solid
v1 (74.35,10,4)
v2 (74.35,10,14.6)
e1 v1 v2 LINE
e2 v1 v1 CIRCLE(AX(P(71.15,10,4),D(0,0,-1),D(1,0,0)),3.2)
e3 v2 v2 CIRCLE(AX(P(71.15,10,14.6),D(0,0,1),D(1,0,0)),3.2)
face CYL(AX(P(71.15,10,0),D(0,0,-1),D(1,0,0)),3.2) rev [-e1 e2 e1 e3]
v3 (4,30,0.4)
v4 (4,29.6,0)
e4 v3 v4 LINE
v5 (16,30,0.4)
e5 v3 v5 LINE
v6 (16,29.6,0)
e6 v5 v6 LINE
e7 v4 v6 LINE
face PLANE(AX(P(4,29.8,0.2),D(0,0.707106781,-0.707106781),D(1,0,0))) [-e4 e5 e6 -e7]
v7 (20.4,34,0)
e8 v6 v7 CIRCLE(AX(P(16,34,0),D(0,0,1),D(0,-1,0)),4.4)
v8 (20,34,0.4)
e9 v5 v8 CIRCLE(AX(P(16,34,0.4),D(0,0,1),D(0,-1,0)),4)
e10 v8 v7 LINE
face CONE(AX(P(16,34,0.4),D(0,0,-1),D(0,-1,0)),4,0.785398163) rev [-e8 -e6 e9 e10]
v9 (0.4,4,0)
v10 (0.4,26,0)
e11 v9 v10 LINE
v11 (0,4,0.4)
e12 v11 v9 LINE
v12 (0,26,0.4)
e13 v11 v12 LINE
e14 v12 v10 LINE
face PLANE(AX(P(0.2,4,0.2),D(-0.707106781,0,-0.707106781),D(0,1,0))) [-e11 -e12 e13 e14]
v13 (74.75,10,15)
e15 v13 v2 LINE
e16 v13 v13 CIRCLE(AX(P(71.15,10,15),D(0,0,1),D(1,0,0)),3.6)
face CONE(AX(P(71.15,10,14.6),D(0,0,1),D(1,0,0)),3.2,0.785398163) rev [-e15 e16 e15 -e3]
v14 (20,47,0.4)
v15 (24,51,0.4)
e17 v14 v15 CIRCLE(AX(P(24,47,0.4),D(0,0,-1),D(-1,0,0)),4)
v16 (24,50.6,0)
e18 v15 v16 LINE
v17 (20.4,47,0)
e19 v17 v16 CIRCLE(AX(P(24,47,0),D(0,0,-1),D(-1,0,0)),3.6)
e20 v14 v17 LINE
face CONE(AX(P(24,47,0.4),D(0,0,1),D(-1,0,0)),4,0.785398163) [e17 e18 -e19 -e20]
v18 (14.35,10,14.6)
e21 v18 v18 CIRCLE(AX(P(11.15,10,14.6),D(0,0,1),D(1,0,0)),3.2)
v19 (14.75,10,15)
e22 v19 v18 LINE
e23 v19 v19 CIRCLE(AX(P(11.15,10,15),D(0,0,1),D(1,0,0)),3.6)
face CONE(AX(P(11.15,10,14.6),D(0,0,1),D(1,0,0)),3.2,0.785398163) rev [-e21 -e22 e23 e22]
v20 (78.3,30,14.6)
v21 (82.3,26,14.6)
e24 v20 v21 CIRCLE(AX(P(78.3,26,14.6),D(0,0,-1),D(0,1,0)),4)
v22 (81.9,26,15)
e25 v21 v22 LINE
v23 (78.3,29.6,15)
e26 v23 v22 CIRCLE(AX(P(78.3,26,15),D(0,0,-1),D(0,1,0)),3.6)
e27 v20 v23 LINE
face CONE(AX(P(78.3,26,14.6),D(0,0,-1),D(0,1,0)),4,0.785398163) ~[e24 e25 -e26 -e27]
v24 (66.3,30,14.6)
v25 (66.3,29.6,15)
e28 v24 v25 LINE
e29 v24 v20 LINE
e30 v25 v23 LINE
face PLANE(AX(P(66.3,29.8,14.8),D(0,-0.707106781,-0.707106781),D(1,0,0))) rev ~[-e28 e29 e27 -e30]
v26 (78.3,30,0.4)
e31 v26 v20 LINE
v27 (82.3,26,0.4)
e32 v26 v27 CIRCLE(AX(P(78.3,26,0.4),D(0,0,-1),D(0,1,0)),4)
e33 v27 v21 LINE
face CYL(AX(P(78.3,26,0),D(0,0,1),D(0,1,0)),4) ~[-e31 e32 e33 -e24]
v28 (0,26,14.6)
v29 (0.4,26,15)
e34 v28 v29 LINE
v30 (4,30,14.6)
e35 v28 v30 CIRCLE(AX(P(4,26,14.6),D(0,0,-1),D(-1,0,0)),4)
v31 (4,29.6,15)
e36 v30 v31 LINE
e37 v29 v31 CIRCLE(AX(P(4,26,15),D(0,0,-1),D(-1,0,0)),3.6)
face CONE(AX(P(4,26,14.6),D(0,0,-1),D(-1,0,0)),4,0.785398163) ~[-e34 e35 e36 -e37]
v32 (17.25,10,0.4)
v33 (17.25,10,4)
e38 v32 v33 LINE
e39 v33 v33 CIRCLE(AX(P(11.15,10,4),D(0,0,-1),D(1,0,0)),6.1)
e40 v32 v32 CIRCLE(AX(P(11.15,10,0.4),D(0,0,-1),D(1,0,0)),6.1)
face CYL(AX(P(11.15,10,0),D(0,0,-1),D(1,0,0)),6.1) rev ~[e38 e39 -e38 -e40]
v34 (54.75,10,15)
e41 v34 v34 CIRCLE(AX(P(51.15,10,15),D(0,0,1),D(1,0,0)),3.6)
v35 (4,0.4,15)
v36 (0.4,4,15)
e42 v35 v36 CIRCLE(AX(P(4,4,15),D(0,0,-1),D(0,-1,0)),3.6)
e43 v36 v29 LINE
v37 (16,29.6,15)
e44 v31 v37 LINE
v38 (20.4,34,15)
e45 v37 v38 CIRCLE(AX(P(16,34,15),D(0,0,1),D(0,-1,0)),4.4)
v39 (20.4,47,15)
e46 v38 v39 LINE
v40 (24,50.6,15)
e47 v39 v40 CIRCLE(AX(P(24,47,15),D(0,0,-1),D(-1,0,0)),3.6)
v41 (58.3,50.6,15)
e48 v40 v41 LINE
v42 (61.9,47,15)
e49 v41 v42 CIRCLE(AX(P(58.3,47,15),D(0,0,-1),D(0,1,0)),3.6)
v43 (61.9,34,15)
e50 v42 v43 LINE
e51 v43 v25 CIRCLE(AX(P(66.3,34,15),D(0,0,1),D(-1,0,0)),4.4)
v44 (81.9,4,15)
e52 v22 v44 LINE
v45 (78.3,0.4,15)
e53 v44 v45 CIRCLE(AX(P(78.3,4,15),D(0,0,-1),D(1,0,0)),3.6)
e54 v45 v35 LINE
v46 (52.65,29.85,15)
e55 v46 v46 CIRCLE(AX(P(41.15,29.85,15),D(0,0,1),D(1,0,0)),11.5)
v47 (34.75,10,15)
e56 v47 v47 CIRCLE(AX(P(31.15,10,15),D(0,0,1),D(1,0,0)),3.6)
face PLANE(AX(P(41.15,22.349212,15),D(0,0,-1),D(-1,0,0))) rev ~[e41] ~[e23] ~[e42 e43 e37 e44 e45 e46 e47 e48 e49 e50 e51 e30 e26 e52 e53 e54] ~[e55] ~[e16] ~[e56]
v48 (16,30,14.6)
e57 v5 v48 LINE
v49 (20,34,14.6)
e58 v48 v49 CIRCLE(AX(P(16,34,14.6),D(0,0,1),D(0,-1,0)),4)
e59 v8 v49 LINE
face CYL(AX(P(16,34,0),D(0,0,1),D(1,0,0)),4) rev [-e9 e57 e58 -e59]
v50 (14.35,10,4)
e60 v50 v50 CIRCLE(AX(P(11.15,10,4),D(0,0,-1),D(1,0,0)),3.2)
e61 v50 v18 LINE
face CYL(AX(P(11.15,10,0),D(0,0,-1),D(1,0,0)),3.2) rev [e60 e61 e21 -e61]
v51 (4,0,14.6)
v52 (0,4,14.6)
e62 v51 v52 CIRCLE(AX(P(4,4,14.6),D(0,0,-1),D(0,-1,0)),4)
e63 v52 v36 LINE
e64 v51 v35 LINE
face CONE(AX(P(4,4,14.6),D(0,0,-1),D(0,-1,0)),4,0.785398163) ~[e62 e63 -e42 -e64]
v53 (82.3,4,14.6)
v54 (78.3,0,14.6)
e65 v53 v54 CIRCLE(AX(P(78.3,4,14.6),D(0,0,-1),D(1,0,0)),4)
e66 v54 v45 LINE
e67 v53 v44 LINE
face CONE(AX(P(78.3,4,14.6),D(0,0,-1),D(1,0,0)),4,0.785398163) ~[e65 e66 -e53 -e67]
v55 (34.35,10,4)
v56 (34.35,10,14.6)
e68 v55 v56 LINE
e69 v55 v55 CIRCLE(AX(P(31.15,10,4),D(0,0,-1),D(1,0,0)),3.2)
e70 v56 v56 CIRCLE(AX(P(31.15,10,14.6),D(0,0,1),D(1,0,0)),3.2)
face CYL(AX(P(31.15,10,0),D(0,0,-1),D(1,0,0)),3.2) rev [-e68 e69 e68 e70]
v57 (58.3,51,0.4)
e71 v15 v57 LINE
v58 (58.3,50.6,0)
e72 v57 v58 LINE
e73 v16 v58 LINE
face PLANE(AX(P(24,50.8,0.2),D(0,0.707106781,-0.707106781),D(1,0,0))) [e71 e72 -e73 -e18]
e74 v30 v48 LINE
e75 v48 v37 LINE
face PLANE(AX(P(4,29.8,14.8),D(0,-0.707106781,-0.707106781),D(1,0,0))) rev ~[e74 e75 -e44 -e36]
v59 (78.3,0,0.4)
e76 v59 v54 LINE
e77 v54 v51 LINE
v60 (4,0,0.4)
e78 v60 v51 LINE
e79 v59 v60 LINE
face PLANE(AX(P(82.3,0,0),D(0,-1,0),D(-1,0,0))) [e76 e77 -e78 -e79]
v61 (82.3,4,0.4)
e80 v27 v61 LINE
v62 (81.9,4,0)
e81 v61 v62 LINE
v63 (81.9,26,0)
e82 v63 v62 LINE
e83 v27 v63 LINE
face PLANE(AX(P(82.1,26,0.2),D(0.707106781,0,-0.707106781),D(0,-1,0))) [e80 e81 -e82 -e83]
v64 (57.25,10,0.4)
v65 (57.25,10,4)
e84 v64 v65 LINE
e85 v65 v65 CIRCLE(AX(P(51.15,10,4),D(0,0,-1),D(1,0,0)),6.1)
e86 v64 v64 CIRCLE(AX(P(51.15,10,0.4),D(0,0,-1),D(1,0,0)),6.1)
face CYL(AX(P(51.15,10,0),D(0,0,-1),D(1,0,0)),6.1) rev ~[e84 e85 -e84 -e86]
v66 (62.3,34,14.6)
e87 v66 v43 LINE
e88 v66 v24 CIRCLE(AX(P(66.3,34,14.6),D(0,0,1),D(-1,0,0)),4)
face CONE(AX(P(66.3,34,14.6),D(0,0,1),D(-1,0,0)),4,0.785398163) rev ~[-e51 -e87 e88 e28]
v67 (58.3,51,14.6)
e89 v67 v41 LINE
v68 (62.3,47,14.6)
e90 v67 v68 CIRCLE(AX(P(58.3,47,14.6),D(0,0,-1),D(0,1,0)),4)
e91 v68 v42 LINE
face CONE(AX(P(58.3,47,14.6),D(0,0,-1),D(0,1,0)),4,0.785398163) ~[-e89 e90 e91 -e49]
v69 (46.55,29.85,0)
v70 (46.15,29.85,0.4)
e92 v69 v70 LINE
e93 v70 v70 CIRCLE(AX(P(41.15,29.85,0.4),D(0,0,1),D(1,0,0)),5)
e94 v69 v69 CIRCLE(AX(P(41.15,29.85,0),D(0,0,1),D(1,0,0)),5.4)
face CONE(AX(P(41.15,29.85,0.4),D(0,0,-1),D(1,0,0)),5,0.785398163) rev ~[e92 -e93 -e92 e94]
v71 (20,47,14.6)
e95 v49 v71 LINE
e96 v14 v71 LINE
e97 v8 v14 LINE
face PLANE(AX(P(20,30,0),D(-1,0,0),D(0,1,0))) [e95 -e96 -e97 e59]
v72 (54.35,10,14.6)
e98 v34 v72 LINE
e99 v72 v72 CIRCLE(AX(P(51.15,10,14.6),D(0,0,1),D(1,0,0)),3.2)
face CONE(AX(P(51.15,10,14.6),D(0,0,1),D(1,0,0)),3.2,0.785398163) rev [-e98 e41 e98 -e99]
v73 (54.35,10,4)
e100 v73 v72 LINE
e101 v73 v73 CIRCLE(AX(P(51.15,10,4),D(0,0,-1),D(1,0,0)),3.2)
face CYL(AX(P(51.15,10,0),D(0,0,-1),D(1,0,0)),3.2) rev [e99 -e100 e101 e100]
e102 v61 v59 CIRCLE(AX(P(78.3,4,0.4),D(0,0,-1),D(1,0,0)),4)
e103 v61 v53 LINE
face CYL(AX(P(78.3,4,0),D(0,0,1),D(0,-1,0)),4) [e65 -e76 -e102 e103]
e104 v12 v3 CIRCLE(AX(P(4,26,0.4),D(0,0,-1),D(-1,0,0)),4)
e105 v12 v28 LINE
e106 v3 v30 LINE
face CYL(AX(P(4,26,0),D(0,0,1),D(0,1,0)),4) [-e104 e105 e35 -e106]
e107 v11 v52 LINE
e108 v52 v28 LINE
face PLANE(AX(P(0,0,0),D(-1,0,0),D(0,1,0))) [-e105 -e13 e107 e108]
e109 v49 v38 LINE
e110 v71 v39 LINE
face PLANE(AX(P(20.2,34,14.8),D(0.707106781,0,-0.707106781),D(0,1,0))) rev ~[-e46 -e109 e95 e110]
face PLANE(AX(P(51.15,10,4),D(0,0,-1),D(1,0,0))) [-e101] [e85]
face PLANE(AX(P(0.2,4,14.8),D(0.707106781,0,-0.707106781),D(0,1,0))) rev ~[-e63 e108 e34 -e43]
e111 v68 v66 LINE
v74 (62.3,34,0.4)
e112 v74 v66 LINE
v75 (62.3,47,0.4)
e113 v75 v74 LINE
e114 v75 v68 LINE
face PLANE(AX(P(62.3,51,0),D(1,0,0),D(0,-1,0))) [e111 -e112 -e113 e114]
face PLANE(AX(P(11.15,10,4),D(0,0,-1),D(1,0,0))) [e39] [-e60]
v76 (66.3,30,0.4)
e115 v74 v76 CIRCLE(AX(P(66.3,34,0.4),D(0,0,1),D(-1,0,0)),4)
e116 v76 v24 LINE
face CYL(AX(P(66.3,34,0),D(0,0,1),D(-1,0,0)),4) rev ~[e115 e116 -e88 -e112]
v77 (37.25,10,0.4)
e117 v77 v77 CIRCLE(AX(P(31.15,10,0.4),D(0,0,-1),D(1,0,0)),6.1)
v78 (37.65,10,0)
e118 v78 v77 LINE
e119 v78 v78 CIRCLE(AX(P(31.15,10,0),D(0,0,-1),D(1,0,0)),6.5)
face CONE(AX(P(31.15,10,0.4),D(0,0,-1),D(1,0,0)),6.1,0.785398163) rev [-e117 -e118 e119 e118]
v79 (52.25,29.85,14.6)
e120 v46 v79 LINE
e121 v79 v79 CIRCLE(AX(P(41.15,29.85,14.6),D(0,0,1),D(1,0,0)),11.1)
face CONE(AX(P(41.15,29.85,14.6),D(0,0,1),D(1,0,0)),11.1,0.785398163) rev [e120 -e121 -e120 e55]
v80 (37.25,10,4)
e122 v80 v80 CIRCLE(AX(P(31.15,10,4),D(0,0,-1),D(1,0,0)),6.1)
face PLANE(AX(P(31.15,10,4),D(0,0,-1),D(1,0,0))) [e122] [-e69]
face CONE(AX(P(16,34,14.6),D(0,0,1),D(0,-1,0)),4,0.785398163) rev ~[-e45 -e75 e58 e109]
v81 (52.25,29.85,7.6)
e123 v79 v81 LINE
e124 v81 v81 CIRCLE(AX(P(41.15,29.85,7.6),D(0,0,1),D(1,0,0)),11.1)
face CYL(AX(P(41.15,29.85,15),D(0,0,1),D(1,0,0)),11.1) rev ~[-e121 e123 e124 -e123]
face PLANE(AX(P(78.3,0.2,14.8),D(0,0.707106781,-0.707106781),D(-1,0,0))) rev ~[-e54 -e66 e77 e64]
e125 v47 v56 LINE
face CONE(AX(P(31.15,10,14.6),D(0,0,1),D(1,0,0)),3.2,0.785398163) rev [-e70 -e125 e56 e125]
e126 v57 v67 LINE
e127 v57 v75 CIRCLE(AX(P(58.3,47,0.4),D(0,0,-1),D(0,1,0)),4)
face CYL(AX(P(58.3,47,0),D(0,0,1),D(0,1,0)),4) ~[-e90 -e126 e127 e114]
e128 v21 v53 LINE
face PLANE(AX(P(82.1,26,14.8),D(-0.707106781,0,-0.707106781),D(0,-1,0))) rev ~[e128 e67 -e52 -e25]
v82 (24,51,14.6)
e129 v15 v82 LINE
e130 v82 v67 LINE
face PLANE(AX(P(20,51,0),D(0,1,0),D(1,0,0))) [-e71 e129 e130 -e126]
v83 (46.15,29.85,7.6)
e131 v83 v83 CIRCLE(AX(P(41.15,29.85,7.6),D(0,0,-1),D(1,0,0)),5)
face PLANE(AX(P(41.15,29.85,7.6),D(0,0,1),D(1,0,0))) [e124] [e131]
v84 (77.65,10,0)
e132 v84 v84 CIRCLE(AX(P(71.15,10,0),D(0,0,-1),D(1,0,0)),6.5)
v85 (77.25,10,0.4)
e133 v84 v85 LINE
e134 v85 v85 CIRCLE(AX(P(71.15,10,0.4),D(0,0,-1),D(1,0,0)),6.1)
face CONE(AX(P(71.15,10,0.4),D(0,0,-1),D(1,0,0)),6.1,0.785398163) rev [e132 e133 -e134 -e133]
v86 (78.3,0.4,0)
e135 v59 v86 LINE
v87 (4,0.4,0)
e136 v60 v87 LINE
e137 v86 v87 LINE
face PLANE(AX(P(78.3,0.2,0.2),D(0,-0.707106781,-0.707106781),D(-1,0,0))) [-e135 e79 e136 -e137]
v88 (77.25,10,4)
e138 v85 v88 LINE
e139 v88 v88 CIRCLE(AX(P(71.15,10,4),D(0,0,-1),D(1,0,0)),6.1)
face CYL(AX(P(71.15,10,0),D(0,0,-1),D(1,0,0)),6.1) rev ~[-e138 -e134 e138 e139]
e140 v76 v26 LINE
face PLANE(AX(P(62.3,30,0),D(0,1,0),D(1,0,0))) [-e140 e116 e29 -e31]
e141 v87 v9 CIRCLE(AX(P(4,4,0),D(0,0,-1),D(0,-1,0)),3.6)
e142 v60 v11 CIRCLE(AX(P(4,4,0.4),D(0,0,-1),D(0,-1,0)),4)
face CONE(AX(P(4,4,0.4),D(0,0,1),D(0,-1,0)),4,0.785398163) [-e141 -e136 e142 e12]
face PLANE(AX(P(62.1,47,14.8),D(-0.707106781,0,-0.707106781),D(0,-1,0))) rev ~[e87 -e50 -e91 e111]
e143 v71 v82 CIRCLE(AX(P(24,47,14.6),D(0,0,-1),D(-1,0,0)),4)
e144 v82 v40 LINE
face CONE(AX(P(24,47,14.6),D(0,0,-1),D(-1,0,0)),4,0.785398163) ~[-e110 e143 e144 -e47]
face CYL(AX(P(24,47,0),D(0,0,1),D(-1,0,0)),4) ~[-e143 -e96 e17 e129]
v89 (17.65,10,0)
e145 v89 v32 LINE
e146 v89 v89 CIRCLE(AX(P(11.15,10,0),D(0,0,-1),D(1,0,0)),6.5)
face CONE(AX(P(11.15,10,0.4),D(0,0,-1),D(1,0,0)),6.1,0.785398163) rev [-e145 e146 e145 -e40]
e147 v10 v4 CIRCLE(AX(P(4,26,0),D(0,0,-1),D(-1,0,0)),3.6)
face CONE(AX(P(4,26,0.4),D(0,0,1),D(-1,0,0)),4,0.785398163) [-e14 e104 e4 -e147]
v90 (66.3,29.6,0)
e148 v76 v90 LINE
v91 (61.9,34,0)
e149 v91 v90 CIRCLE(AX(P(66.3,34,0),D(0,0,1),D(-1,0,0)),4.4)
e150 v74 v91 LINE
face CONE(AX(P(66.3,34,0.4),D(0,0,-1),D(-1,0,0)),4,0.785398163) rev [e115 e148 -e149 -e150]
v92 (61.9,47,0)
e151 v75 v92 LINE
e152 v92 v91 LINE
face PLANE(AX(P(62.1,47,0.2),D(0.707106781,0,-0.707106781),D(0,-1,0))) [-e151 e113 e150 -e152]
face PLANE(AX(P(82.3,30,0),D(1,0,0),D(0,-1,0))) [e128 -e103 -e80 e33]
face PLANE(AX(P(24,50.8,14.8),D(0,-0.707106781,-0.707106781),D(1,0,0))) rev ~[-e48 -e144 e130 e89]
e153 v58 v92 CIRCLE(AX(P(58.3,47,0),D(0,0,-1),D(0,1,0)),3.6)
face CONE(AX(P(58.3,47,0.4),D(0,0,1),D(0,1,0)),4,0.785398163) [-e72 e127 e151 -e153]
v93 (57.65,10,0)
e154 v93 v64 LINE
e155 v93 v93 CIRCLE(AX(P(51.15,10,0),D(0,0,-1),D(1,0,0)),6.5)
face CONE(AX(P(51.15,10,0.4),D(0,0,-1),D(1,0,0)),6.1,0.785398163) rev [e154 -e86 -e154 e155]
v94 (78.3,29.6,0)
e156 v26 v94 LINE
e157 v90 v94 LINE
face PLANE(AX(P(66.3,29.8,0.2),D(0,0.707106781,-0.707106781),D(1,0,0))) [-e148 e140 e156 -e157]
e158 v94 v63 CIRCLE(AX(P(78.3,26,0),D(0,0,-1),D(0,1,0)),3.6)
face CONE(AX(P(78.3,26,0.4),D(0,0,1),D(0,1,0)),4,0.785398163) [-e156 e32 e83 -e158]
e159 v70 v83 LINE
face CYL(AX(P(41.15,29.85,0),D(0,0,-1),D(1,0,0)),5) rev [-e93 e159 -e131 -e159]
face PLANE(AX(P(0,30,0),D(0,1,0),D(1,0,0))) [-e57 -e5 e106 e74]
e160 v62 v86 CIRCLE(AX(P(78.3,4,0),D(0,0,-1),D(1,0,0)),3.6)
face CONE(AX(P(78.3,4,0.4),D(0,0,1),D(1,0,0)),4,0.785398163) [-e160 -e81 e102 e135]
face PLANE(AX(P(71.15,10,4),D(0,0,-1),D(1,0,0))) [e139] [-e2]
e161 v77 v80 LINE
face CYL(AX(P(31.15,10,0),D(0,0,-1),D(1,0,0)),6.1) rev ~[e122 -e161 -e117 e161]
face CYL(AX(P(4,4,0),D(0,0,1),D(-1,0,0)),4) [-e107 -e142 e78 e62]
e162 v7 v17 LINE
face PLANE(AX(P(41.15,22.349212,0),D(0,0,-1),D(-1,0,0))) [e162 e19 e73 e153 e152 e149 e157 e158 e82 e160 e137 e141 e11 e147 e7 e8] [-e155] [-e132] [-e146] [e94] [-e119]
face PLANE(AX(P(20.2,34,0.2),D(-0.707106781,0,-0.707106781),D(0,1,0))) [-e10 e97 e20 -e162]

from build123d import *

# Parameters (mm, degrees)
SKETCH_R        = 5
SKETCH_R_2      = 3.2
PAD_DEPTH       = 15
SKETCH002_R     = 6.1
POCKET001_DEPTH = 4
SKETCH003_R     = 11.1
POCKET_DEPTH    = 7.4
FILLET_R        = 4
CHAMFER_SIZE    = 0.4
CHAMFER001_SIZE = 0.4


with BuildPart() as part:
    # Sketch → Pad (new body)
    with BuildSketch(Plane.XY):
        Polygon((20, 30), (20, 51), (62.3, 51), (62.3, 30), (82.3, 30), (82.3, 0), (0, 0), (0, 30), align=None)
        with Locations((41.15, 29.85)):
            Circle(SKETCH_R, mode=Mode.SUBTRACT)
        with Locations((11.15, 10)):
            Circle(SKETCH_R_2, mode=Mode.SUBTRACT)
        with Locations((31.15, 10)):
            Circle(SKETCH_R_2, mode=Mode.SUBTRACT)
        with Locations((51.15, 10)):
            Circle(SKETCH_R_2, mode=Mode.SUBTRACT)
        with Locations((71.15, 10)):
            Circle(SKETCH_R_2, mode=Mode.SUBTRACT)
    extrude(amount=PAD_DEPTH)

    # Sketch002 → Pocket001 (cut)
    with BuildSketch(Plane(origin=(0, 0, 0), x_dir=(1, 0, 0), z_dir=(0, 0, -1))):
        with Locations((11.15, -10)):
            Circle(SKETCH002_R)
        with Locations((31.15, -10)):
            Circle(SKETCH002_R)
        with Locations((51.15, -10)):
            Circle(SKETCH002_R)
        with Locations((71.15, -10)):
            Circle(SKETCH002_R)
    extrude(amount=-POCKET001_DEPTH, mode=Mode.SUBTRACT)

    # Sketch003 (on Face5 of Pocket001) → Pocket (cut)
    with BuildSketch(Plane.XY.offset(15)):
        with Locations((41.15, 29.85)):
            Circle(SKETCH003_R)
    extrude(amount=-POCKET_DEPTH, mode=Mode.SUBTRACT)

    # Fillet
    fillet_edges = [part.edges().sort_by_distance(p)[0] for p in [
        (82.3, 0, 7.5),
        (0, 0, 7.5),
        (0, 30, 7.5),
        (20, 30, 7.5),
        (20, 51, 7.5),
        (62.3, 51, 7.5),
        (62.3, 30, 7.5),
        (82.3, 30, 7.5),
    ]]
    fillet(fillet_edges, radius=FILLET_R)

    # Chamfer
    chamfer_edges = [part.edges().sort_by_distance(p)[0] for p in [
        (20, 40.5, 0),
        (18.828427, 31.171573, 0),
        (21.171573, 49.828427, 0),
        (10, 30, 0),
        (41.15, 51, 0),
        (1.171573, 28.828427, 0),
        (61.128427, 49.828427, 0),
        (0, 15, 0),
        (62.3, 40.5, 0),
        (1.171573, 1.171573, 0),
        (63.471573, 31.171573, 0),
        (41.15, 0, 0),
        (72.3, 30, 0),
        (81.128427, 1.171573, 0),
        (81.128427, 28.828427, 0),
        (82.3, 15, 0),
        (65.05, 10, 0),
        (45.05, 10, 0),
        (25.05, 10, 0),
        (5.05, 10, 0),
        (36.15, 29.85, 0),
    ]]
    chamfer(chamfer_edges, length=CHAMFER_SIZE)

    # Chamfer001
    chamfer001_edges = [part.edges().sort_by_distance(p)[0] for p in [
        (20, 40.5, 15),
        (18.828427, 31.171573, 15),
        (21.171573, 49.828427, 15),
        (10, 30, 15),
        (41.15, 51, 15),
        (1.171573, 28.828427, 15),
        (61.128427, 49.828427, 15),
        (0, 15, 15),
        (62.3, 40.5, 15),
        (1.171573, 1.171573, 15),
        (63.471573, 31.171573, 15),
        (41.15, 0, 15),
        (72.3, 30, 15),
        (81.128427, 1.171573, 15),
        (81.128427, 28.828427, 15),
        (82.3, 15, 15),
        (67.95, 10, 15),
        (47.95, 10, 15),
        (27.95, 10, 15),
        (7.95, 10, 15),
        (30.05, 29.85, 15),
    ]]
    chamfer(chamfer001_edges, length=CHAMFER001_SIZE)


solid = part.part
